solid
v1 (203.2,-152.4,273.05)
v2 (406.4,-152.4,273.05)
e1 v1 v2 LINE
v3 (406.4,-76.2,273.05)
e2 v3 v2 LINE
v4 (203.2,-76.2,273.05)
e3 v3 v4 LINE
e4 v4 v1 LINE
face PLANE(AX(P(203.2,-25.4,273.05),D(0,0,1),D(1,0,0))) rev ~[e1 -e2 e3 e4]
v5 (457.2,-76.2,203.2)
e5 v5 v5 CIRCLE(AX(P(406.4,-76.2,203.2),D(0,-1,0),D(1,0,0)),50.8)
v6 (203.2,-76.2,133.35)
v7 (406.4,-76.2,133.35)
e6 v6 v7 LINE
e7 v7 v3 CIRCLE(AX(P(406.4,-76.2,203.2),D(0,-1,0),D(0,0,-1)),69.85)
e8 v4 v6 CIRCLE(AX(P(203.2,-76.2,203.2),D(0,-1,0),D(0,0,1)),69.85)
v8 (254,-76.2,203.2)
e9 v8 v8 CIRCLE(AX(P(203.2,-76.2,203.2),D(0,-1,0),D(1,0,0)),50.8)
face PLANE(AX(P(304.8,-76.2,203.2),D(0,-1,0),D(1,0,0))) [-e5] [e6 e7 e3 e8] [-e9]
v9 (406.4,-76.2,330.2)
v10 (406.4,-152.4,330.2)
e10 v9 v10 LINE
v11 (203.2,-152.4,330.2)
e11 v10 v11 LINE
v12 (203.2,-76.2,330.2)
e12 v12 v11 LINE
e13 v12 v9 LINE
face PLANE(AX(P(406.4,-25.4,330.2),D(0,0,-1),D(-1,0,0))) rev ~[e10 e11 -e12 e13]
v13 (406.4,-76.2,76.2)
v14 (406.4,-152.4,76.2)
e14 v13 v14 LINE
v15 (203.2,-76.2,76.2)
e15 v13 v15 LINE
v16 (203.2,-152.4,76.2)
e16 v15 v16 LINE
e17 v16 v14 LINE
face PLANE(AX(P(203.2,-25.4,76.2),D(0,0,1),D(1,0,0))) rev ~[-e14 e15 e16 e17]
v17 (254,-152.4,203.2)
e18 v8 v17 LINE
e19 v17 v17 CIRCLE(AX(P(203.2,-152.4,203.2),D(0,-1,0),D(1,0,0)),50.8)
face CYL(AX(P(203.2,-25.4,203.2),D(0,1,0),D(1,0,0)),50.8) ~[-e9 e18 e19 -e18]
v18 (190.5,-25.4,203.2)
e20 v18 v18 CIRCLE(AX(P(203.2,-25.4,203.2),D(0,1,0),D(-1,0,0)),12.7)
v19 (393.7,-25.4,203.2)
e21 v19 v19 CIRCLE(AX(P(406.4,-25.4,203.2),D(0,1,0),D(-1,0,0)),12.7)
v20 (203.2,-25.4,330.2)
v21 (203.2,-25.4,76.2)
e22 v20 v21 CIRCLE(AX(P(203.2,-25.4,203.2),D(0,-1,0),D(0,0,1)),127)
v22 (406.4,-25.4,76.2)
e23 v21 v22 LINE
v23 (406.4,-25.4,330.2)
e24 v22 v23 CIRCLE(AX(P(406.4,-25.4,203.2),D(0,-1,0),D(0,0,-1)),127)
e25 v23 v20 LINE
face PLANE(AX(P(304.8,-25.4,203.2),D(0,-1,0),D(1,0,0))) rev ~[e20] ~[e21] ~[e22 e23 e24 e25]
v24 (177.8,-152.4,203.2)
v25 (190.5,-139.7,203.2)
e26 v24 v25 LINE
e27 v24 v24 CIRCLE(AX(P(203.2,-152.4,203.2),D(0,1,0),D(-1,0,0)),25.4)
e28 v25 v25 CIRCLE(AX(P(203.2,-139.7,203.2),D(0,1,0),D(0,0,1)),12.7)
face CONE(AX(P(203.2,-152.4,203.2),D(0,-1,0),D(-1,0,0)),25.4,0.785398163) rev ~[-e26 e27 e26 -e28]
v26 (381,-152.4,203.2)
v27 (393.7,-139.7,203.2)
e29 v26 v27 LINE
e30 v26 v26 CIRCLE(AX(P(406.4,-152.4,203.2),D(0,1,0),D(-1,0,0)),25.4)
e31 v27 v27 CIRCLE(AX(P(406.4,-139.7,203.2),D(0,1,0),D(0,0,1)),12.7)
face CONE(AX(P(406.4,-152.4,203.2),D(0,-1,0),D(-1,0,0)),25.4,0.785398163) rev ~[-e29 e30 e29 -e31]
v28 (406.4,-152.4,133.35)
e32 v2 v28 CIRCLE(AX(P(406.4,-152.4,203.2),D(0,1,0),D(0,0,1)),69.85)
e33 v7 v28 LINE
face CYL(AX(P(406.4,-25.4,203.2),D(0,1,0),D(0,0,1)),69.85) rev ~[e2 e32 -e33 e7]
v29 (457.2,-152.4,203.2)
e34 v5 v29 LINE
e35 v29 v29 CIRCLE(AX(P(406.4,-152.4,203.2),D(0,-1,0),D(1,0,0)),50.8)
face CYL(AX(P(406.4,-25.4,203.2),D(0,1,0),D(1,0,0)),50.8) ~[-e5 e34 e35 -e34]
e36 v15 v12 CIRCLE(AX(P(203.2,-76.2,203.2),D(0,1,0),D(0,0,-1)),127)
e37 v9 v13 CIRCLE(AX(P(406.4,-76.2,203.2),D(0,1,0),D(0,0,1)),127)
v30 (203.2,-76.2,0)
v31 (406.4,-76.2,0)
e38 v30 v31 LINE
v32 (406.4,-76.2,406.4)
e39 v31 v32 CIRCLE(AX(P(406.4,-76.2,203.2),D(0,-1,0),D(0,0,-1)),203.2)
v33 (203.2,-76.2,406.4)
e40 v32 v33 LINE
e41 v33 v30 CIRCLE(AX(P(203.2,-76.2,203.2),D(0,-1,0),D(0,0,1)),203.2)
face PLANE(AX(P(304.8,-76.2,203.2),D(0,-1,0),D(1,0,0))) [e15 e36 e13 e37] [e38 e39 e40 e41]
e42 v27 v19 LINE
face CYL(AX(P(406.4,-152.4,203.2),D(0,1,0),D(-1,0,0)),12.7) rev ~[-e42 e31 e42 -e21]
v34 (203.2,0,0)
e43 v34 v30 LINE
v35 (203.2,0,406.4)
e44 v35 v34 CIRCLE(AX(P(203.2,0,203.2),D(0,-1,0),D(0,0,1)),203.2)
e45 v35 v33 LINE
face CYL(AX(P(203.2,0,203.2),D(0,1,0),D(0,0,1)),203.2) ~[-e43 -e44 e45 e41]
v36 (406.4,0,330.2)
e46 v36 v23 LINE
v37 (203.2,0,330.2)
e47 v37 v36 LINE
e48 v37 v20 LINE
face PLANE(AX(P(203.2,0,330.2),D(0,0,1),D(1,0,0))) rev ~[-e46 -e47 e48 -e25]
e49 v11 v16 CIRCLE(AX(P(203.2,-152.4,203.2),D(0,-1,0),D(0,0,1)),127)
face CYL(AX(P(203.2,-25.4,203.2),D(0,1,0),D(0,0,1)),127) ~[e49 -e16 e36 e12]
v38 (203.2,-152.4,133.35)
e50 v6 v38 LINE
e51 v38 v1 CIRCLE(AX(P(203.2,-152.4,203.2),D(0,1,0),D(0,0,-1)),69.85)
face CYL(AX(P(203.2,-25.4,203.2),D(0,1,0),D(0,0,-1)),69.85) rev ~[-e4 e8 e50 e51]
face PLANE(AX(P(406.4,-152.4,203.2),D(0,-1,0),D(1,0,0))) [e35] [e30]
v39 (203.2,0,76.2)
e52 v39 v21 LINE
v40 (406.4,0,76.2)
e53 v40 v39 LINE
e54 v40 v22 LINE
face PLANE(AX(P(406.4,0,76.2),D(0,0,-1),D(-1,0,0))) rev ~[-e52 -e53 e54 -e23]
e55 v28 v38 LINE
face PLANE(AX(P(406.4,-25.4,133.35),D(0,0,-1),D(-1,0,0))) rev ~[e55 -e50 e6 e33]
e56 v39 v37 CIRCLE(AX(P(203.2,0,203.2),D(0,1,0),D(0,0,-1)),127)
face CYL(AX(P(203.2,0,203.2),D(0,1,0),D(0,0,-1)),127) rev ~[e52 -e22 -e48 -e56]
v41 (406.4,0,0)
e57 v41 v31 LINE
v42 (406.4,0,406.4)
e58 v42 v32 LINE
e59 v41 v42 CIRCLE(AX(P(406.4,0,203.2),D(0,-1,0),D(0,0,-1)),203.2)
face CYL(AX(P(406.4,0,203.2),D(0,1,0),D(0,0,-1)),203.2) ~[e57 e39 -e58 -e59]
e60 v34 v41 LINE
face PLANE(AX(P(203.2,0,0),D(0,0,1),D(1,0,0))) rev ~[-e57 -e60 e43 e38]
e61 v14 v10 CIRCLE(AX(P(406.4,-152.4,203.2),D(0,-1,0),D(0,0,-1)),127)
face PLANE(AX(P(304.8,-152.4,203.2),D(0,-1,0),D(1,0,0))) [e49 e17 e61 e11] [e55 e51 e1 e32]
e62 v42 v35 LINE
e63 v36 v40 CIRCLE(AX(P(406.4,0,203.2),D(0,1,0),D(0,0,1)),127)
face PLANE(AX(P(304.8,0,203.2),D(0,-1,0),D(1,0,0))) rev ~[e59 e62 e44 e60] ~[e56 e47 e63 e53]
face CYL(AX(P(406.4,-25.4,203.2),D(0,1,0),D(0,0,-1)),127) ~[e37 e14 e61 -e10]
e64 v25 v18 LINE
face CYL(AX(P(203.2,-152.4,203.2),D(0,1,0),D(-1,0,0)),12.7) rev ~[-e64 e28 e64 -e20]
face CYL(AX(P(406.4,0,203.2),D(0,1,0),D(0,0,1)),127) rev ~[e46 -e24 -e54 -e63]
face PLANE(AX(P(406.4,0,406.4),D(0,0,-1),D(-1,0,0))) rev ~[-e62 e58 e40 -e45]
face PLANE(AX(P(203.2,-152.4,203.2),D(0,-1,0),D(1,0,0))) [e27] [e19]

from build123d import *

# Parameters (mm, degrees)
F1_DEPTH       = 76.2
F2_START       = 25.4
F2_DEPTH       = 127
F3_START       = 25.4
F0_R           = 50.8
F3_DEPTH       = 50.8
F4_START       = 25.4
F0_R_2         = 25.4
F0_R_3         = 12.7
F4_DEPTH       = 127
F6_D           = 25.4
F6_CSINK_D     = 50.8
F6_CSINK_ANGLE = 90


with BuildPart() as f1:
    # F0 (on Front) → F1 (new body)
    with BuildSketch(Plane.XZ):
        with BuildLine():
            ThreePointArc((0, 203.2), (59.5159020629, 59.5159020629), (203.2, 0))
            Line((203.2, 0), (406.4, 0))
            ThreePointArc((406.4, 0), (550.0840979371, 59.5159020629), (609.6, 203.2))
            ThreePointArc((609.6, 203.2), (550.0840979371, 346.8840979371), (406.4, 406.4))
            Line((406.4, 406.4), (203.2, 406.4))
            ThreePointArc((203.2, 406.4), (59.5159020629, 346.8840979371), (0, 203.2))
        make_face()
        with BuildLine():
            Line((203.2, 330.2), (406.4, 330.2))
            ThreePointArc((406.4, 330.2), (533.4, 203.2), (406.4, 76.2))
            Line((406.4, 76.2), (203.2, 76.2))
            ThreePointArc((203.2, 76.2), (76.2, 203.2), (203.2, 330.2))
        make_face(mode=Mode.SUBTRACT)
    extrude(amount=F1_DEPTH)

    # F0 (on Front) → F2 (join)
    with BuildSketch(Plane.XZ.offset(F2_START)):
        with BuildLine():
            ThreePointArc((406.4, 76.2), (533.4, 203.2), (406.4, 330.2))
            Line((406.4, 330.2), (203.2, 330.2))
            ThreePointArc((203.2, 330.2), (76.2, 203.2), (203.2, 76.2))
            Line((203.2, 76.2), (406.4, 76.2))
        make_face()
        with BuildLine():
            Line((203.2, 304.8), (406.4, 304.8))
            ThreePointArc((406.4, 304.8), (508, 203.2), (406.4, 101.6))
            Line((406.4, 101.6), (203.2, 101.6))
            ThreePointArc((203.2, 101.6), (101.6, 203.2), (203.2, 304.8))
        make_face(mode=Mode.SUBTRACT)
        with BuildLine():
            ThreePointArc((406.4, 101.6), (508, 203.2), (406.4, 304.8))
            Line((406.4, 304.8), (203.2, 304.8))
            ThreePointArc((203.2, 304.8), (101.6, 203.2), (203.2, 101.6))
            Line((203.2, 101.6), (406.4, 101.6))
        make_face()
        with BuildLine():
            Line((406.4, 133.35), (203.2, 133.35))
            ThreePointArc((203.2, 133.35), (133.35, 203.2), (203.2, 273.05))
            Line((203.2, 273.05), (406.4, 273.05))
            ThreePointArc((406.4, 273.05), (476.25, 203.2), (406.4, 133.35))
        make_face(mode=Mode.SUBTRACT)
    extrude(amount=F2_DEPTH)

    # F0 (on Front) → F3 (join)
    with BuildSketch(Plane.XZ.offset(F3_START)):
        with BuildLine():
            ThreePointArc((203.2, 273.05), (133.35, 203.2), (203.2, 133.35))
            Line((203.2, 133.35), (406.4, 133.35))
            ThreePointArc((406.4, 133.35), (476.25, 203.2), (406.4, 273.05))
            Line((406.4, 273.05), (203.2, 273.05))
        make_face()
        with Locations((203.2, 203.2)):
            Circle(F0_R, mode=Mode.SUBTRACT)
        with Locations((406.4, 203.2)):
            Circle(F0_R, mode=Mode.SUBTRACT)
    extrude(amount=F3_DEPTH)

    # F0 (on Front) → F4 (join)
    with BuildSketch(Plane.XZ.offset(F4_START)):
        with Locations((406.4, 203.2)):
            Circle(F0_R)
        with Locations((406.4, 203.2)):
            Circle(F0_R_2, mode=Mode.SUBTRACT)
        with Locations((203.2, 203.2)):
            Circle(F0_R)
        with Locations((203.2, 203.2)):
            Circle(F0_R_2, mode=Mode.SUBTRACT)
        with Locations((203.2, 203.2)):
            Circle(F0_R_2)
        with Locations((203.2, 203.2)):
            Circle(F0_R_3, mode=Mode.SUBTRACT)
        with Locations((406.4, 203.2)):
            Circle(F0_R_2)
        with Locations((406.4, 203.2)):
            Circle(F0_R_3, mode=Mode.SUBTRACT)
        with Locations((203.2, 203.2)):
            Circle(F0_R_3)
        with Locations((406.4, 203.2)):
            Circle(F0_R_3)
    extrude(amount=F4_DEPTH)

    # F6 (through all)
    with Locations(Plane.XZ.offset(152.4)):
        with Locations((203.2, 203.2), (406.4, 203.2)):
            CounterSinkHole(F6_D / 2, F6_CSINK_D / 2, counter_sink_angle=F6_CSINK_ANGLE)


solid = f1.part
